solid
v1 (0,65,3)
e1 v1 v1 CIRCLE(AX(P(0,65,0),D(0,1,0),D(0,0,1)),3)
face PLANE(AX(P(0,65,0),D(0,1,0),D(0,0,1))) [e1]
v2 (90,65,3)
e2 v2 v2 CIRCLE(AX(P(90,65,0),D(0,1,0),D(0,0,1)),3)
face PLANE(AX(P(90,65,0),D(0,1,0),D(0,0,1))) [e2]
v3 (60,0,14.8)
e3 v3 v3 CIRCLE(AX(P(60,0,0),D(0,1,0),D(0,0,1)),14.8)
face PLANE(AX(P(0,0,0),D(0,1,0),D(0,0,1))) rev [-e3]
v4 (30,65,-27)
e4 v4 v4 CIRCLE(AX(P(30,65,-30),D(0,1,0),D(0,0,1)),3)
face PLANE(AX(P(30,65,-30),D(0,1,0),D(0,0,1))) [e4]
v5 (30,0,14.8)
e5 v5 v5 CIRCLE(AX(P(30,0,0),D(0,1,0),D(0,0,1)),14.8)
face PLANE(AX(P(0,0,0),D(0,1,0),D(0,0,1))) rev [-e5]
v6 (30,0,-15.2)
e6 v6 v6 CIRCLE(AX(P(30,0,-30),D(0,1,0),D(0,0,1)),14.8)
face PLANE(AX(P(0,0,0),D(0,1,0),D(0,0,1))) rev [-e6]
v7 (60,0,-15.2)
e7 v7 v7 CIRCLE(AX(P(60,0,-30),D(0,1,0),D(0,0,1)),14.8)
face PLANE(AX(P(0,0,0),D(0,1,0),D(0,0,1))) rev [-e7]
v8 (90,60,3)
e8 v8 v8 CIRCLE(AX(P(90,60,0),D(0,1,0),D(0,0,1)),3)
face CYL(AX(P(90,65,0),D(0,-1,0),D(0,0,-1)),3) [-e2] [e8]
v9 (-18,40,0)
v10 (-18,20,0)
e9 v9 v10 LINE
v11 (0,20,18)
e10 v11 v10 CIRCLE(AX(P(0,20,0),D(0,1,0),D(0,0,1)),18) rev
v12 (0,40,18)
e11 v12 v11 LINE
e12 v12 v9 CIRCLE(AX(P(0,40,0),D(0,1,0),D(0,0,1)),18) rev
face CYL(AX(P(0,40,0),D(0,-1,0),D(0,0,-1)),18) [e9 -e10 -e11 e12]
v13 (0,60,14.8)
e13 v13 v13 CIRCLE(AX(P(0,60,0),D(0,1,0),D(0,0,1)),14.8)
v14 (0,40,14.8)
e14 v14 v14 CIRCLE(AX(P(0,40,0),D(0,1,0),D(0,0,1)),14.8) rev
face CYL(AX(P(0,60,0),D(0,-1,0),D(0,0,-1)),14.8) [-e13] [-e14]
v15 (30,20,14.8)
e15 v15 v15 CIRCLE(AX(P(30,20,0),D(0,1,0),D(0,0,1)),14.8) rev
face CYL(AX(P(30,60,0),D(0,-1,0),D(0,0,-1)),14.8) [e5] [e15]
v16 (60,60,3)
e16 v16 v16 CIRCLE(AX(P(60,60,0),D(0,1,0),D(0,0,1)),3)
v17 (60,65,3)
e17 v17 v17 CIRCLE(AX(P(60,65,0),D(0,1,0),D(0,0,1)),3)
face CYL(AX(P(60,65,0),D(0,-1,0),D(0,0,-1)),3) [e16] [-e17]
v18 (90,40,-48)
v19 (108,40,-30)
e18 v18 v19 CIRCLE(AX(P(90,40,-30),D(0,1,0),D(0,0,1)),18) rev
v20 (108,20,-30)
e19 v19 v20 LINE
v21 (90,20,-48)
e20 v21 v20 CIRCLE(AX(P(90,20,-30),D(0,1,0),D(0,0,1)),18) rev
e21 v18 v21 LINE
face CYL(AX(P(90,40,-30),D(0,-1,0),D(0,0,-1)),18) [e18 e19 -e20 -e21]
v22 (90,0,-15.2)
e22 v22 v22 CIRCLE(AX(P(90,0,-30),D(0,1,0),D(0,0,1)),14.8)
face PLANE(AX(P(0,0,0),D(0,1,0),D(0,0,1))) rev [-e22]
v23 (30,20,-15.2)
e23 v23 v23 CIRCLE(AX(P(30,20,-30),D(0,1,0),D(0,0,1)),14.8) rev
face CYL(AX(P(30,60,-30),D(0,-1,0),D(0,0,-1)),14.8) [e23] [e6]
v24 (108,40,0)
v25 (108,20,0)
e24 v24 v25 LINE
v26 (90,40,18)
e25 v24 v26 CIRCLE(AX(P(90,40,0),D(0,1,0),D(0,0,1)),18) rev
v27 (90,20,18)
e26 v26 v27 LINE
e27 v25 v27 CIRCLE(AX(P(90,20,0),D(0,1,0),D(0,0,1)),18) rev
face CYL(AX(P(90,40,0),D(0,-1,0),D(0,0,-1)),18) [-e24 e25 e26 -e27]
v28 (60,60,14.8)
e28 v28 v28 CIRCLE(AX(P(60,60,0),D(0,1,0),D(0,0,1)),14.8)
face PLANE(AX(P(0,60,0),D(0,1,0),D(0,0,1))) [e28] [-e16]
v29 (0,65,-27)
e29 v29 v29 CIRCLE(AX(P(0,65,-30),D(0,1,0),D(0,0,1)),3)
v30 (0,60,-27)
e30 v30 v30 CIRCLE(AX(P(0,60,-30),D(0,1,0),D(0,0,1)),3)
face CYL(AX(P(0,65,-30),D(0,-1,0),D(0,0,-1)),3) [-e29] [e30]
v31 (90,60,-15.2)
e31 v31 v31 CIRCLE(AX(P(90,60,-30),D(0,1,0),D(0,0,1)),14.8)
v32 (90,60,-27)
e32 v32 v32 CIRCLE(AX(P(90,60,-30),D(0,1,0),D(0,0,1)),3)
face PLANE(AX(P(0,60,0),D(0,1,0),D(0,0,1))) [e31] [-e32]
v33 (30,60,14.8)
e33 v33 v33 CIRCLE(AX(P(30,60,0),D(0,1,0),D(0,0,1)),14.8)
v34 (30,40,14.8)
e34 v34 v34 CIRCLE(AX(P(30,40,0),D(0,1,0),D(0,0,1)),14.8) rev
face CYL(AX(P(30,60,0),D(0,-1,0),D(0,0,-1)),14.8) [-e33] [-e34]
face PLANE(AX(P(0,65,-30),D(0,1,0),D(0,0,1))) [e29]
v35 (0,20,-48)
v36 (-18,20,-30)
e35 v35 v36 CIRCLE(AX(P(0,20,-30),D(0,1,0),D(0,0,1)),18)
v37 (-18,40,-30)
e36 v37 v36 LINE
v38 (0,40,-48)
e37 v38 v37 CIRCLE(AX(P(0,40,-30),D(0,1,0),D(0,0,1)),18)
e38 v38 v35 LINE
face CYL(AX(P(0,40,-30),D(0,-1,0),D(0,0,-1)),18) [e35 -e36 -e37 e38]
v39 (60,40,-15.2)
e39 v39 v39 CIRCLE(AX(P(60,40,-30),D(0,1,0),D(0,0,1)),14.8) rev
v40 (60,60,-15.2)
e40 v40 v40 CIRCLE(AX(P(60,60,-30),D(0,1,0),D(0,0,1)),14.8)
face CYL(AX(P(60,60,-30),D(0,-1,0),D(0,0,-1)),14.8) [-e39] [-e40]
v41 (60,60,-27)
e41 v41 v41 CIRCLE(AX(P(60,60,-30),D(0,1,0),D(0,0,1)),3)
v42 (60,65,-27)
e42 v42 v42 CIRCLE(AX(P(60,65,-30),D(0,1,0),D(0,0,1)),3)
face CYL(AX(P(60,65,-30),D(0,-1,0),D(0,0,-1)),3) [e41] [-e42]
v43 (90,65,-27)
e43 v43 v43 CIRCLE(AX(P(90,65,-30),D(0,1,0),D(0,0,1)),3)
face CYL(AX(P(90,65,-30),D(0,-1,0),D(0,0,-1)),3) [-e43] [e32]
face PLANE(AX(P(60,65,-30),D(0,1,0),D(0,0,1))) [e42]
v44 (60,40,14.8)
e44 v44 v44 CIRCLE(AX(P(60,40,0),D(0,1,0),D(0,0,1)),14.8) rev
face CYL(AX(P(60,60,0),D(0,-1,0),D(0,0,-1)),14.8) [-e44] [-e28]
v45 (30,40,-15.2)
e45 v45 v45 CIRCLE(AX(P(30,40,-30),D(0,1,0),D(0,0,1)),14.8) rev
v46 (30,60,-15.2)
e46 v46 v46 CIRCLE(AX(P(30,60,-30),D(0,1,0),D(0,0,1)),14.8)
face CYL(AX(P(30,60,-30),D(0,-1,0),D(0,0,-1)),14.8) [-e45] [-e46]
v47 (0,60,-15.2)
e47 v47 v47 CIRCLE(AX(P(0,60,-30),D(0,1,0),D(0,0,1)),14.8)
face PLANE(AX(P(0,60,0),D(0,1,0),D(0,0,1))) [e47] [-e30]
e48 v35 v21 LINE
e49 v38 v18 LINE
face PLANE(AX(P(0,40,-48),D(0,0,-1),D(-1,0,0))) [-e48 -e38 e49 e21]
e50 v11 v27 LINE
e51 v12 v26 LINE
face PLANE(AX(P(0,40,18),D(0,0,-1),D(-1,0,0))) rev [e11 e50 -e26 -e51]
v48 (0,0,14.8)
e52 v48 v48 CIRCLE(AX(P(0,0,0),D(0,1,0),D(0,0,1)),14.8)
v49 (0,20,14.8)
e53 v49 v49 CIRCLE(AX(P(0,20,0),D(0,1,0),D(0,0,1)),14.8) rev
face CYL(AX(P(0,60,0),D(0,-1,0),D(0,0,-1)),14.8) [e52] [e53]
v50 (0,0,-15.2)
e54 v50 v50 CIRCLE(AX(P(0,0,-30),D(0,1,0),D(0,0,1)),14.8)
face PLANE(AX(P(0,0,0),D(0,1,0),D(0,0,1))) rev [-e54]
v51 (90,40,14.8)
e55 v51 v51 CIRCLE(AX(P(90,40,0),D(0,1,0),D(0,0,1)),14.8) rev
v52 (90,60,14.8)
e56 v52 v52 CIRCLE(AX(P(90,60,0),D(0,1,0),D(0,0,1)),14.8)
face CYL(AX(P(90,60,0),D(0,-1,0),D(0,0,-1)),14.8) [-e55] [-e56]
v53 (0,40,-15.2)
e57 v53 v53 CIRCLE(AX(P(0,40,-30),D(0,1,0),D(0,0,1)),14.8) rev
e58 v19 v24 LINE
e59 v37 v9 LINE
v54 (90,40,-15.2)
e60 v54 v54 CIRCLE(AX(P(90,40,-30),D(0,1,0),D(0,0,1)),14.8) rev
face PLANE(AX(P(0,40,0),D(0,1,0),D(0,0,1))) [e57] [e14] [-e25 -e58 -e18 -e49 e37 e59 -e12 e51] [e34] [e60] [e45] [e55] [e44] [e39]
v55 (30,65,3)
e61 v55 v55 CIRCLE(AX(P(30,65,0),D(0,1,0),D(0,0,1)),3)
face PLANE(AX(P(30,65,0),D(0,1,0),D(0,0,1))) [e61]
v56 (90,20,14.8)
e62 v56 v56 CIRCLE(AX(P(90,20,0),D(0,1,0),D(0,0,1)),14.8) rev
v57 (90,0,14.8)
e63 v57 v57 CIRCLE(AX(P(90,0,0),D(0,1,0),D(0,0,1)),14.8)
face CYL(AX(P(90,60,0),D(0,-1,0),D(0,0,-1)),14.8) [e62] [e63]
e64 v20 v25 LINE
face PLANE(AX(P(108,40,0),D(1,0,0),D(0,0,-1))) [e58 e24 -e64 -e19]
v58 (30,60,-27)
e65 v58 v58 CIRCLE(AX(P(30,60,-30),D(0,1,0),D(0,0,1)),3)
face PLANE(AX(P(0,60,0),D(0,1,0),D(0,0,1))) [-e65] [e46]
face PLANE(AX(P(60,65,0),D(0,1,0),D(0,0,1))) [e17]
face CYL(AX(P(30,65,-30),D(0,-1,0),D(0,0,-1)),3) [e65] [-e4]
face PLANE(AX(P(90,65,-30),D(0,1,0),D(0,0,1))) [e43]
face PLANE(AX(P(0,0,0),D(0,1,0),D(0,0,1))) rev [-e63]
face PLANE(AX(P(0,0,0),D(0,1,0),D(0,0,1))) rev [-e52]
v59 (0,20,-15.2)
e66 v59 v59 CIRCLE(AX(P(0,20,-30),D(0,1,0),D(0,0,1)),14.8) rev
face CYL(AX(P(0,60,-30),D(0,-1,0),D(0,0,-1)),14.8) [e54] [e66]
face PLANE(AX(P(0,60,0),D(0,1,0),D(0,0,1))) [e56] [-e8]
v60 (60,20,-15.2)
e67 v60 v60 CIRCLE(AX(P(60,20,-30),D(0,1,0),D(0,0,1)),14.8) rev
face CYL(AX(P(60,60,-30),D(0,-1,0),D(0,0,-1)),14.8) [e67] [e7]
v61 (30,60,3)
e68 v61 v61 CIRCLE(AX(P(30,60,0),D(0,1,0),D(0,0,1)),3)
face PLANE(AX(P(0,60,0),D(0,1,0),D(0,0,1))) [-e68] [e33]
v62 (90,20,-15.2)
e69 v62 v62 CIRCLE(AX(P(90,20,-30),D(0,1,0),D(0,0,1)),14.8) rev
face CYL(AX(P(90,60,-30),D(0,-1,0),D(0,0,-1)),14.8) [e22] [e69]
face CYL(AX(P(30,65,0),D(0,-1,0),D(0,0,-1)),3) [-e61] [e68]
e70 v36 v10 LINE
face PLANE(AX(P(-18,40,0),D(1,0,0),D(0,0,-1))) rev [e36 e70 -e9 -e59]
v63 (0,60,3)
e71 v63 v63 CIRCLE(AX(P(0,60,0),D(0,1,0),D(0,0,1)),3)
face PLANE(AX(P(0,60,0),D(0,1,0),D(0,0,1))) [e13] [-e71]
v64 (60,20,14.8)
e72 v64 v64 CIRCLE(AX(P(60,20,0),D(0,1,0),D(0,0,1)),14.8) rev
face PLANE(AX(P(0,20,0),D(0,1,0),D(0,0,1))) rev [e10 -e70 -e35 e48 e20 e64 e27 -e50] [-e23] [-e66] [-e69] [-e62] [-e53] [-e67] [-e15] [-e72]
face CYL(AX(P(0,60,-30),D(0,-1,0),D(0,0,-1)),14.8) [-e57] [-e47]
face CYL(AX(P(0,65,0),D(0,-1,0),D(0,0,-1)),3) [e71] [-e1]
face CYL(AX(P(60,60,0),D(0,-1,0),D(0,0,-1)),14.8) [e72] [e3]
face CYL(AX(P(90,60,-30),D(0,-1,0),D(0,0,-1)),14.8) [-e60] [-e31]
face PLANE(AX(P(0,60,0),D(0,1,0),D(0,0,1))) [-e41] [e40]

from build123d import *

# Parameters (mm, degrees)
EXTRUDE_8_DEPTH = 20
SKETCH_1_R      = 14.8
EXTRUDE_1_DEPTH = 60
SKETCH_2_R      = 3
EXTRUDE_2_DEPTH = 5


with BuildPart() as part:
    # 草图3 → 凸台-拉伸8 (new body)
    with BuildSketch(Plane(origin=(0, 20, 0), x_dir=(1, 0, 0), z_dir=(0, 1, 0))):
        with BuildLine():
            Line((0, 48), (90, 48))
            ThreePointArc((90, 48), (102.727922061, 42.727922061), (108, 30))
            Line((108, 30), (108, 0))
            ThreePointArc((108, 0), (102.727922061, -12.727922061), (90, -18))
            Line((90, -18), (0, -18))
            ThreePointArc((0, -18), (-12.727922061, -12.727922061), (-18, 0))
            Line((-18, 0), (-18, 30))
            ThreePointArc((-18, 30), (-12.727922061, 42.727922061), (0, 48))
        make_face()
    extrude(amount=EXTRUDE_8_DEPTH)

    # 草图1 → 凸台-拉伸1 (add)
    with BuildSketch(Plane(origin=(0, 0, 0), x_dir=(1, 0, 0), z_dir=(0, 1, 0))):
        with Locations(Location((0, 30, 0), (0, 0, 270))):
            Circle(SKETCH_1_R)
        with Locations(Location((30, 30, 0), (0, 0, 270))):
            Circle(SKETCH_1_R)
        with Locations(Location((60, 30, 0), (0, 0, 270))):
            Circle(SKETCH_1_R)
        with Locations(Location((90, 30, 0), (0, 0, 270))):
            Circle(SKETCH_1_R)
        with Locations(Location((90, 0, 0), (0, 0, 270))):
            Circle(SKETCH_1_R)
        with Locations(Location((60, 0, 0), (0, 0, 270))):
            Circle(SKETCH_1_R)
        with Locations(Location((30, 0, 0), (0, 0, 270))):
            Circle(SKETCH_1_R)
        with Locations(Location((0, 0, 0), (0, 0, 270))):
            Circle(SKETCH_1_R)
    extrude(amount=EXTRUDE_1_DEPTH)

    # 草图2 → 凸台-拉伸2 (add)
    with BuildSketch(Plane(origin=(0, 60, 0), x_dir=(1, 0, 0), z_dir=(0, 1, 0))):
        with Locations(Location((0, 30, 0), (0, 0, 270))):
            Circle(SKETCH_2_R)
        with Locations(Location((30, 30, 0), (0, 0, 270))):
            Circle(SKETCH_2_R)
        with Locations(Location((60, 30, 0), (0, 0, 270))):
            Circle(SKETCH_2_R)
        with Locations(Location((90, 30, 0), (0, 0, 270))):
            Circle(SKETCH_2_R)
        with Locations(Location((30, 0, 0), (0, 0, 270))):
            Circle(SKETCH_2_R)
        with Locations(Location((60, 0, 0), (0, 0, 270))):
            Circle(SKETCH_2_R)
        with Locations(Location((90, 0, 0), (0, 0, 270))):
            Circle(SKETCH_2_R)
        with Locations(Location((0, 0, 0), (0, 0, 270))):
            Circle(SKETCH_2_R)
    extrude(amount=EXTRUDE_2_DEPTH)


solid = part.part
